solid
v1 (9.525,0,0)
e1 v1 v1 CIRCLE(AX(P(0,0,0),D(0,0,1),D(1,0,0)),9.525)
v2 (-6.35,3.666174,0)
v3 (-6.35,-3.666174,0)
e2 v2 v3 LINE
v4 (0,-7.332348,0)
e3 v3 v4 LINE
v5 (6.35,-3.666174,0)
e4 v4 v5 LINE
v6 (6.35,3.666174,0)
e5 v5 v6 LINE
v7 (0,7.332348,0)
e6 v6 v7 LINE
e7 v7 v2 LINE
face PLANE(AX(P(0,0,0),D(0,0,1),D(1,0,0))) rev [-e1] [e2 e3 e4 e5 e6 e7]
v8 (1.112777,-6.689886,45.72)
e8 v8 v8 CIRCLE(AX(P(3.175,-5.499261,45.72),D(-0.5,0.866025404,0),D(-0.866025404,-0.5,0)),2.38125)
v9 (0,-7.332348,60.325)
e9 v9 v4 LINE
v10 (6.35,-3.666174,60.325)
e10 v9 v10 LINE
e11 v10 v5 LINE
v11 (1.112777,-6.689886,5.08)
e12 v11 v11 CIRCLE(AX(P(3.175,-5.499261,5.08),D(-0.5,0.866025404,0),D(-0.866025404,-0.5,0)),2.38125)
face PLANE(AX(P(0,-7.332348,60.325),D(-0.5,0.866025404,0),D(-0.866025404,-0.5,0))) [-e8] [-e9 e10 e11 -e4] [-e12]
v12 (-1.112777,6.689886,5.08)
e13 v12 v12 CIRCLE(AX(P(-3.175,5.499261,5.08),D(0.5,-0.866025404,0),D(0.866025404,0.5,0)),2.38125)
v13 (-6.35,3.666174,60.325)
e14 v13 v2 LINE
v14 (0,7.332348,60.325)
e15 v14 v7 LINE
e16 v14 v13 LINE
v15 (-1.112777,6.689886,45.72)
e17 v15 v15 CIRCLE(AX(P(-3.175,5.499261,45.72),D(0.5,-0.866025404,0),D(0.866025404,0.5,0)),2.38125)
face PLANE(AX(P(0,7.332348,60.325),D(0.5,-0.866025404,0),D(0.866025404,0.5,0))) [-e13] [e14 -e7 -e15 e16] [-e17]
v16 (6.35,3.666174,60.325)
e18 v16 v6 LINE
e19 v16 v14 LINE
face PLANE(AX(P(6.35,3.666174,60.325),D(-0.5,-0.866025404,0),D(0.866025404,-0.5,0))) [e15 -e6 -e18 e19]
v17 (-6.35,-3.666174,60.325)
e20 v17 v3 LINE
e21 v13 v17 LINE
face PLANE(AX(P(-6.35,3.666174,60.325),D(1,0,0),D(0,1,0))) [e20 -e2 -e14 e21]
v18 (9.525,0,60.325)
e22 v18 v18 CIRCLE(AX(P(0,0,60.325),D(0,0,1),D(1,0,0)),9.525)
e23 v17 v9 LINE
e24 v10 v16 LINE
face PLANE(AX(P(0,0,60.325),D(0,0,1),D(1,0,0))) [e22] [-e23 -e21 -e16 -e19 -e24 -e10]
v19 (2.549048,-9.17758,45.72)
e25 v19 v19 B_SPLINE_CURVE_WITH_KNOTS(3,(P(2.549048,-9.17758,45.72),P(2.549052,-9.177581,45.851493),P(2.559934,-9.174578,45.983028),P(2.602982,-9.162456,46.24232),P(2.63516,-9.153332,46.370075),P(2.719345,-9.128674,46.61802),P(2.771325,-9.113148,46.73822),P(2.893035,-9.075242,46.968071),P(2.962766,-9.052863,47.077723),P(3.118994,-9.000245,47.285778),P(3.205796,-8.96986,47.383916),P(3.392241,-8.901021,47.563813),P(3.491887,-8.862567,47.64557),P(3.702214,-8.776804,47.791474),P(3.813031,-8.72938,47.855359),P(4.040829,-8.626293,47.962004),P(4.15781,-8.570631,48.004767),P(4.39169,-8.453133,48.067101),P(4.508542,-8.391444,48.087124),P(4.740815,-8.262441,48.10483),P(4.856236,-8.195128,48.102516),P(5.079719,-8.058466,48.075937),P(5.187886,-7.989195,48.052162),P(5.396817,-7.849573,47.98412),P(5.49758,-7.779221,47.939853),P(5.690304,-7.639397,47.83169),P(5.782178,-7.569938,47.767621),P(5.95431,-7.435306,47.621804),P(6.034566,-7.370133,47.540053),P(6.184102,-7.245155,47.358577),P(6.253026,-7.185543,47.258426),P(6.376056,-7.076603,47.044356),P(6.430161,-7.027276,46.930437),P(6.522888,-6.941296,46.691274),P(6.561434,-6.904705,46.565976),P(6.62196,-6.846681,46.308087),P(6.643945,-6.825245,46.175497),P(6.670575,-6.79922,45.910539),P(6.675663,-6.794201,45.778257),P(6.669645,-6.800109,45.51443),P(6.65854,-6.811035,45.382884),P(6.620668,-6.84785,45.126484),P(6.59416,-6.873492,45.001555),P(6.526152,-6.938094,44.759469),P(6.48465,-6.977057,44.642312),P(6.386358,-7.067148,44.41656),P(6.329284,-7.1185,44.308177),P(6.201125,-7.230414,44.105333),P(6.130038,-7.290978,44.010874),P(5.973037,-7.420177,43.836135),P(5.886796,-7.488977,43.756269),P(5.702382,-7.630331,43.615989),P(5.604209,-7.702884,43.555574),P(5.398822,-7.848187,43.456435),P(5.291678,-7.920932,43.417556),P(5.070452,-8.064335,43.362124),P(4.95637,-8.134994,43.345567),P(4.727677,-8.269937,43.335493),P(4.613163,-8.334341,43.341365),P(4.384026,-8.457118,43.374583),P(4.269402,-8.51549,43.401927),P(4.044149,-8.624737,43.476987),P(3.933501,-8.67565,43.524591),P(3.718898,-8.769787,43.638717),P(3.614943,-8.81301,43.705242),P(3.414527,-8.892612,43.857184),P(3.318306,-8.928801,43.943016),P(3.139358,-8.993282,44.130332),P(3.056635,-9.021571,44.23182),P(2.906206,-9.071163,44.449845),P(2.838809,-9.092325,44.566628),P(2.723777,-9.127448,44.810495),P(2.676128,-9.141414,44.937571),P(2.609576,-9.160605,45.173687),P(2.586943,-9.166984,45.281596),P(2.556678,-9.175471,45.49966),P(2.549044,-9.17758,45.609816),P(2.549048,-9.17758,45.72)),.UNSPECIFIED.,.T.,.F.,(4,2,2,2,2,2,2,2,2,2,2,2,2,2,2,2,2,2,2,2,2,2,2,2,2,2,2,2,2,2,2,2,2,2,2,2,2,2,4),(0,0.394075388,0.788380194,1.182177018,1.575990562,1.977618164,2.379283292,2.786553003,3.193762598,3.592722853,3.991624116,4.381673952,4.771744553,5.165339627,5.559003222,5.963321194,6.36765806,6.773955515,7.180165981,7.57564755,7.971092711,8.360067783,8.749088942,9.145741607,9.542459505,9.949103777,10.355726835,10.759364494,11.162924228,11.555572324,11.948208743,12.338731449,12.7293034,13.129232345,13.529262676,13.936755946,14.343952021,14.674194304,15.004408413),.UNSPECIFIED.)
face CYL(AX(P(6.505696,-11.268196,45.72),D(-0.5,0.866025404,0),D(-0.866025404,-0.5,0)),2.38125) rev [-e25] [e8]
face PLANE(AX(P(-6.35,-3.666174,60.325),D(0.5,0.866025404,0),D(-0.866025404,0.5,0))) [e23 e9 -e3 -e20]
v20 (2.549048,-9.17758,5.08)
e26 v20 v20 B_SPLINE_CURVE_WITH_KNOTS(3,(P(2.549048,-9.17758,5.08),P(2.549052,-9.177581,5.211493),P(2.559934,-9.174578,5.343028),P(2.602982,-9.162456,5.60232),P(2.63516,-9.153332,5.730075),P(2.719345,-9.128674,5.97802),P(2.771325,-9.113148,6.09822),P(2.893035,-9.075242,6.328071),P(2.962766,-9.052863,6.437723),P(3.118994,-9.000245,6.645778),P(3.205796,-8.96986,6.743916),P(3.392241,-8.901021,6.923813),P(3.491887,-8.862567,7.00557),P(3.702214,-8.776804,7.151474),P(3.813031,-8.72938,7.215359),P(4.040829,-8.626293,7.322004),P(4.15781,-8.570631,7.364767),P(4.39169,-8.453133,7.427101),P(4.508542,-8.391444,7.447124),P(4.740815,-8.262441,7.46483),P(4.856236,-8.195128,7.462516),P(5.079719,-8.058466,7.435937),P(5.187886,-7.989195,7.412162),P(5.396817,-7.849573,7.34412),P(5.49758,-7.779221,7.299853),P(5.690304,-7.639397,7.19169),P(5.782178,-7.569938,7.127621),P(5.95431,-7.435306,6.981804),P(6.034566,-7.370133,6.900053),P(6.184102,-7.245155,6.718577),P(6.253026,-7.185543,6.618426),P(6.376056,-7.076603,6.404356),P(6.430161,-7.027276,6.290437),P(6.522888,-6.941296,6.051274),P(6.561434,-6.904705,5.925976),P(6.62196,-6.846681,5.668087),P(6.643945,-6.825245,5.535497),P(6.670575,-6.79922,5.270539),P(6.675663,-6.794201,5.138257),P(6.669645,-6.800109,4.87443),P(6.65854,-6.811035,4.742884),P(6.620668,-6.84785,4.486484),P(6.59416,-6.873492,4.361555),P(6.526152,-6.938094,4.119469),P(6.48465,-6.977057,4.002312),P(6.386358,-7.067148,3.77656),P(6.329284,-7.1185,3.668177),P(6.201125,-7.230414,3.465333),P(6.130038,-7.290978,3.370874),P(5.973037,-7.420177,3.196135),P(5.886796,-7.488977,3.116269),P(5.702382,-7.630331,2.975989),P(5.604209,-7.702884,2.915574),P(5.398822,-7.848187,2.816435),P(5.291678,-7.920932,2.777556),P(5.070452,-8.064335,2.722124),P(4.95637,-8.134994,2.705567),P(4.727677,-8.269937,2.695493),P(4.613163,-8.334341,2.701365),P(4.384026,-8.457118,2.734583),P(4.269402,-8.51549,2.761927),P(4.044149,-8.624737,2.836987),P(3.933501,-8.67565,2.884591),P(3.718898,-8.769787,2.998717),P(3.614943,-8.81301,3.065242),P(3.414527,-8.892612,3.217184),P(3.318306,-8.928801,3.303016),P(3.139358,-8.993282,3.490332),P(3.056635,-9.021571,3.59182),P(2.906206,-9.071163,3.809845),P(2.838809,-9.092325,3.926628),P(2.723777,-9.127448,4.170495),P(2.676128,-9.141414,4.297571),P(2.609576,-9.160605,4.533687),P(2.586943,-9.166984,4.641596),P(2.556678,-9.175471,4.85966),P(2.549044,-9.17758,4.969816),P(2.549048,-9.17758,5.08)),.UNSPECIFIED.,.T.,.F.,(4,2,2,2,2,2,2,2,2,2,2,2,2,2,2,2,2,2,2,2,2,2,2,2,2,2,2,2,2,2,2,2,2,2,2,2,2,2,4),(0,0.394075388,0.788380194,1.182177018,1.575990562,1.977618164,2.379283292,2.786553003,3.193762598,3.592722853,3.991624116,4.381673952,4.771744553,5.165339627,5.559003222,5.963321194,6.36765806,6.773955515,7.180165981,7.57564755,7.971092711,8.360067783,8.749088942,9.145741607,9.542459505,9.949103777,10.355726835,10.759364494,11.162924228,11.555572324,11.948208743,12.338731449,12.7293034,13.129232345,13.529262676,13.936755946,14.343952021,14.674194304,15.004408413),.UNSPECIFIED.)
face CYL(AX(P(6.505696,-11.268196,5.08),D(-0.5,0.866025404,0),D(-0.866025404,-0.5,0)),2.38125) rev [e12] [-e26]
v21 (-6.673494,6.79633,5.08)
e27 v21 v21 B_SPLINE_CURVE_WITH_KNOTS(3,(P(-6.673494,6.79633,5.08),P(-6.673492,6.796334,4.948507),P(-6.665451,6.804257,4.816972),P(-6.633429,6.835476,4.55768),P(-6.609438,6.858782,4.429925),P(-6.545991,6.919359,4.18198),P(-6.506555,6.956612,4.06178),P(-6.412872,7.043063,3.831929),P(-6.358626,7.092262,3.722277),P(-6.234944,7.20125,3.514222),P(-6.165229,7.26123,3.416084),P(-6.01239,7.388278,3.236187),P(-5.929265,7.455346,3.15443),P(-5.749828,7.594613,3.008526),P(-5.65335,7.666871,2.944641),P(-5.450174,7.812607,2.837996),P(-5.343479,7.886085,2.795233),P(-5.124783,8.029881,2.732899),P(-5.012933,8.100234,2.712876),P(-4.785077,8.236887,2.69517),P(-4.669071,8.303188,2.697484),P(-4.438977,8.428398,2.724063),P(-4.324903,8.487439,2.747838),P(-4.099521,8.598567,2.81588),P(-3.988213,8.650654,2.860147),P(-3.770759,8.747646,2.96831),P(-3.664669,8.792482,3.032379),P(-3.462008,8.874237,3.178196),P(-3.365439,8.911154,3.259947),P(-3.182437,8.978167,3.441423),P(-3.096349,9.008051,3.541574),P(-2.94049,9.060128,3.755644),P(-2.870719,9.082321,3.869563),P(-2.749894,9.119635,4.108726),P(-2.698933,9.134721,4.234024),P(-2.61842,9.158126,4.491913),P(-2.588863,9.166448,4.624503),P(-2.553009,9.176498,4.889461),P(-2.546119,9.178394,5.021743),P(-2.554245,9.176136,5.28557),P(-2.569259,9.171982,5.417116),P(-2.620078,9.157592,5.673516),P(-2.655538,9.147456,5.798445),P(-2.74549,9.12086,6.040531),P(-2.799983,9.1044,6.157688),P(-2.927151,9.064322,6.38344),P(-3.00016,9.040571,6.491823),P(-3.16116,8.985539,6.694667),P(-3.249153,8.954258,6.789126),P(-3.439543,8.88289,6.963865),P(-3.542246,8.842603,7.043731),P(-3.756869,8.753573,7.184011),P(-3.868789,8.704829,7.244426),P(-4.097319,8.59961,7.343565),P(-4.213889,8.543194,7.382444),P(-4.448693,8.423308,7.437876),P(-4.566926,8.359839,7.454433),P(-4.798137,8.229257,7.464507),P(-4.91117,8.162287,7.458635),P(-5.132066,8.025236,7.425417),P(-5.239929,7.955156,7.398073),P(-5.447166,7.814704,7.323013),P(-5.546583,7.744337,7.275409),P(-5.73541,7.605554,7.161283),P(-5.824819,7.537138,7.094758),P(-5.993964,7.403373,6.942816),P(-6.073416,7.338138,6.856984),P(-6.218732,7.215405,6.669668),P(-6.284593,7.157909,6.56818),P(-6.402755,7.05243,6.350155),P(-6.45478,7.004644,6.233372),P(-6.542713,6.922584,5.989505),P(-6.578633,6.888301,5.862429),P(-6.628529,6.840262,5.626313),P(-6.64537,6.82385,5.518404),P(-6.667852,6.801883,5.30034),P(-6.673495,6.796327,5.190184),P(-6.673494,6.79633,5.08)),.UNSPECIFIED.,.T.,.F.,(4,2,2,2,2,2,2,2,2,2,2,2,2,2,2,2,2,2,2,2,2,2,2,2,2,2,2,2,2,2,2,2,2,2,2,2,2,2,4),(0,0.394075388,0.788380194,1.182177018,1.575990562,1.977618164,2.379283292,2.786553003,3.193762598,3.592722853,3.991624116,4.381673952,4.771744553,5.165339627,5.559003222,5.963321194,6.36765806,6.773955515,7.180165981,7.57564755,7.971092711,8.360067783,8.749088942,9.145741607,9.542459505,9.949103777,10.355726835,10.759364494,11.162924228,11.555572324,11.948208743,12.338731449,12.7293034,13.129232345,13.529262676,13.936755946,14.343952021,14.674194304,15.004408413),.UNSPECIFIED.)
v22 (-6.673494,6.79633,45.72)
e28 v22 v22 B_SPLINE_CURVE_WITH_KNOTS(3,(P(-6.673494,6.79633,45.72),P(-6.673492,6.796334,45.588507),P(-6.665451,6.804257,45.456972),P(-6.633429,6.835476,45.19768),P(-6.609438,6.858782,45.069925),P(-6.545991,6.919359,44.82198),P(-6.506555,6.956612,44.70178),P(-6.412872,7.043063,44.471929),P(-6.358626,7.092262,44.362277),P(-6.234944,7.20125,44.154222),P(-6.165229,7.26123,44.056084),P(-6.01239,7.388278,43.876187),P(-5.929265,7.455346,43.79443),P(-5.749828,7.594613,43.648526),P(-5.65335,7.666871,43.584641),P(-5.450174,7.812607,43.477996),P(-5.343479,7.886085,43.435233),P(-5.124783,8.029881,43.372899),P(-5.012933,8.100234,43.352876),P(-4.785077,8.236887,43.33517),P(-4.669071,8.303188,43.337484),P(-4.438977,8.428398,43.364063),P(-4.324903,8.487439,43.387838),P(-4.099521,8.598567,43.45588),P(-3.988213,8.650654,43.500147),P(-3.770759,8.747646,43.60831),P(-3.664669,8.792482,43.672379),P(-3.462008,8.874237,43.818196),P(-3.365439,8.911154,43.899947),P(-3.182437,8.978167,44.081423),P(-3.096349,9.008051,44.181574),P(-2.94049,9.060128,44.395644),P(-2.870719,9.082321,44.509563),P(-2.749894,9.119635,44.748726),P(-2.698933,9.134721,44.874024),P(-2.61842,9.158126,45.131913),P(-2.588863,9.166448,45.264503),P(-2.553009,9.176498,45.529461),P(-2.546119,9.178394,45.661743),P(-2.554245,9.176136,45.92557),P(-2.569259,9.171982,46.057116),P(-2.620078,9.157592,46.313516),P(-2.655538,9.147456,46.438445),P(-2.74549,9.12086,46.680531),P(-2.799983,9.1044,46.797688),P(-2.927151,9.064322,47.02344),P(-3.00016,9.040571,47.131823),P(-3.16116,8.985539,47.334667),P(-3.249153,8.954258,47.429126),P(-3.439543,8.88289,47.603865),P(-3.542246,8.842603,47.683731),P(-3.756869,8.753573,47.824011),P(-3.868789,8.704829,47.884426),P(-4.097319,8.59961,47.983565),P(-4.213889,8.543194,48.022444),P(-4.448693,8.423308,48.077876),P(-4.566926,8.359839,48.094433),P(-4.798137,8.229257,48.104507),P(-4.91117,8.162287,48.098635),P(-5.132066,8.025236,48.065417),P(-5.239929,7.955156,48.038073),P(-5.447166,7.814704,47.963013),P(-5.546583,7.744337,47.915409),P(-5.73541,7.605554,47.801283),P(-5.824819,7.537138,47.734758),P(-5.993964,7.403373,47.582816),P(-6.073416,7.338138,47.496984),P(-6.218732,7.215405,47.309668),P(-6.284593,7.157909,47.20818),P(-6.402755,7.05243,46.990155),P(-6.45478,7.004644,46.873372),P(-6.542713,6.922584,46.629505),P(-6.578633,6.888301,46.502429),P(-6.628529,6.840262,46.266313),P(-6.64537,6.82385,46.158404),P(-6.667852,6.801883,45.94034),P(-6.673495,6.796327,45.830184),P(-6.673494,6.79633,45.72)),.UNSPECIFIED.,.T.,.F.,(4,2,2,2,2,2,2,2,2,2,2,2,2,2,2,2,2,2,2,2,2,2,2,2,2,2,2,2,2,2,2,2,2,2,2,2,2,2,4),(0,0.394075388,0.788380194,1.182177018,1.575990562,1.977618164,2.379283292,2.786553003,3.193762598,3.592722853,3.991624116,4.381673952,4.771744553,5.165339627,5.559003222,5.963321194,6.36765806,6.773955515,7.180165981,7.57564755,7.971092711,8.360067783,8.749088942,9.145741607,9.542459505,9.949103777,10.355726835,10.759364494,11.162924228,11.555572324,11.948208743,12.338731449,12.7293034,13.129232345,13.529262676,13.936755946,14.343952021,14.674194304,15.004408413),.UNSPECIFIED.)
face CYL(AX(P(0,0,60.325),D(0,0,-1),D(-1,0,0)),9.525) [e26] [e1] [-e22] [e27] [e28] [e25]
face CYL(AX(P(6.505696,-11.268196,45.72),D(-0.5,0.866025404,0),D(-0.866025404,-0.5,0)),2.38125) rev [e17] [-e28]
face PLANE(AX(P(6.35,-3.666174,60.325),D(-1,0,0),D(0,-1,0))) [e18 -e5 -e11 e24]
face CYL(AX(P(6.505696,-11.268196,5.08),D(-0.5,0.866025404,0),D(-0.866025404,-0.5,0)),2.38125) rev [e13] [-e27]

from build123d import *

# Parameters (mm, degrees)
SKETCH1_R               = 9.525
BOSS_EXTRUDE1_DEPTH     = 60.325
SKETCH3_R               = 2.38125
CUT_EXTRUDE1_DEPTH      = 24.171391971
CUT_EXTRUDE1_DEPTH_BACK = 3.851391971


with BuildPart() as part:
    # Sketch1 → Boss-Extrude1 (new body)
    with BuildSketch(Plane.XY):
        Circle(SKETCH1_R)
        Polygon((6.35, 3.666174209), (0, 7.332348419), (-6.35, 3.666174209), (-6.35, -3.666174209), (0, -7.332348419), (6.35, -3.666174209), align=None, mode=Mode.SUBTRACT)
    extrude(amount=BOSS_EXTRUDE1_DEPTH)

    # Sketch3 → Cut-Extrude1 (cut, two sides)
    with BuildSketch(Plane(origin=(5.08, -8.798818102, 0), x_dir=(0.866025404, 0.5, 0), z_dir=(-0.5, 0.866025404, 0))) as cut_extrude1_sk:
        with Locations((0, -5.08)):
            Circle(SKETCH3_R)
        with Locations((0, -45.72)):
            Circle(SKETCH3_R)
    extrude(amount=CUT_EXTRUDE1_DEPTH, mode=Mode.SUBTRACT)
    extrude(cut_extrude1_sk.sketch, amount=-CUT_EXTRUDE1_DEPTH_BACK, mode=Mode.SUBTRACT)


solid = part.part
